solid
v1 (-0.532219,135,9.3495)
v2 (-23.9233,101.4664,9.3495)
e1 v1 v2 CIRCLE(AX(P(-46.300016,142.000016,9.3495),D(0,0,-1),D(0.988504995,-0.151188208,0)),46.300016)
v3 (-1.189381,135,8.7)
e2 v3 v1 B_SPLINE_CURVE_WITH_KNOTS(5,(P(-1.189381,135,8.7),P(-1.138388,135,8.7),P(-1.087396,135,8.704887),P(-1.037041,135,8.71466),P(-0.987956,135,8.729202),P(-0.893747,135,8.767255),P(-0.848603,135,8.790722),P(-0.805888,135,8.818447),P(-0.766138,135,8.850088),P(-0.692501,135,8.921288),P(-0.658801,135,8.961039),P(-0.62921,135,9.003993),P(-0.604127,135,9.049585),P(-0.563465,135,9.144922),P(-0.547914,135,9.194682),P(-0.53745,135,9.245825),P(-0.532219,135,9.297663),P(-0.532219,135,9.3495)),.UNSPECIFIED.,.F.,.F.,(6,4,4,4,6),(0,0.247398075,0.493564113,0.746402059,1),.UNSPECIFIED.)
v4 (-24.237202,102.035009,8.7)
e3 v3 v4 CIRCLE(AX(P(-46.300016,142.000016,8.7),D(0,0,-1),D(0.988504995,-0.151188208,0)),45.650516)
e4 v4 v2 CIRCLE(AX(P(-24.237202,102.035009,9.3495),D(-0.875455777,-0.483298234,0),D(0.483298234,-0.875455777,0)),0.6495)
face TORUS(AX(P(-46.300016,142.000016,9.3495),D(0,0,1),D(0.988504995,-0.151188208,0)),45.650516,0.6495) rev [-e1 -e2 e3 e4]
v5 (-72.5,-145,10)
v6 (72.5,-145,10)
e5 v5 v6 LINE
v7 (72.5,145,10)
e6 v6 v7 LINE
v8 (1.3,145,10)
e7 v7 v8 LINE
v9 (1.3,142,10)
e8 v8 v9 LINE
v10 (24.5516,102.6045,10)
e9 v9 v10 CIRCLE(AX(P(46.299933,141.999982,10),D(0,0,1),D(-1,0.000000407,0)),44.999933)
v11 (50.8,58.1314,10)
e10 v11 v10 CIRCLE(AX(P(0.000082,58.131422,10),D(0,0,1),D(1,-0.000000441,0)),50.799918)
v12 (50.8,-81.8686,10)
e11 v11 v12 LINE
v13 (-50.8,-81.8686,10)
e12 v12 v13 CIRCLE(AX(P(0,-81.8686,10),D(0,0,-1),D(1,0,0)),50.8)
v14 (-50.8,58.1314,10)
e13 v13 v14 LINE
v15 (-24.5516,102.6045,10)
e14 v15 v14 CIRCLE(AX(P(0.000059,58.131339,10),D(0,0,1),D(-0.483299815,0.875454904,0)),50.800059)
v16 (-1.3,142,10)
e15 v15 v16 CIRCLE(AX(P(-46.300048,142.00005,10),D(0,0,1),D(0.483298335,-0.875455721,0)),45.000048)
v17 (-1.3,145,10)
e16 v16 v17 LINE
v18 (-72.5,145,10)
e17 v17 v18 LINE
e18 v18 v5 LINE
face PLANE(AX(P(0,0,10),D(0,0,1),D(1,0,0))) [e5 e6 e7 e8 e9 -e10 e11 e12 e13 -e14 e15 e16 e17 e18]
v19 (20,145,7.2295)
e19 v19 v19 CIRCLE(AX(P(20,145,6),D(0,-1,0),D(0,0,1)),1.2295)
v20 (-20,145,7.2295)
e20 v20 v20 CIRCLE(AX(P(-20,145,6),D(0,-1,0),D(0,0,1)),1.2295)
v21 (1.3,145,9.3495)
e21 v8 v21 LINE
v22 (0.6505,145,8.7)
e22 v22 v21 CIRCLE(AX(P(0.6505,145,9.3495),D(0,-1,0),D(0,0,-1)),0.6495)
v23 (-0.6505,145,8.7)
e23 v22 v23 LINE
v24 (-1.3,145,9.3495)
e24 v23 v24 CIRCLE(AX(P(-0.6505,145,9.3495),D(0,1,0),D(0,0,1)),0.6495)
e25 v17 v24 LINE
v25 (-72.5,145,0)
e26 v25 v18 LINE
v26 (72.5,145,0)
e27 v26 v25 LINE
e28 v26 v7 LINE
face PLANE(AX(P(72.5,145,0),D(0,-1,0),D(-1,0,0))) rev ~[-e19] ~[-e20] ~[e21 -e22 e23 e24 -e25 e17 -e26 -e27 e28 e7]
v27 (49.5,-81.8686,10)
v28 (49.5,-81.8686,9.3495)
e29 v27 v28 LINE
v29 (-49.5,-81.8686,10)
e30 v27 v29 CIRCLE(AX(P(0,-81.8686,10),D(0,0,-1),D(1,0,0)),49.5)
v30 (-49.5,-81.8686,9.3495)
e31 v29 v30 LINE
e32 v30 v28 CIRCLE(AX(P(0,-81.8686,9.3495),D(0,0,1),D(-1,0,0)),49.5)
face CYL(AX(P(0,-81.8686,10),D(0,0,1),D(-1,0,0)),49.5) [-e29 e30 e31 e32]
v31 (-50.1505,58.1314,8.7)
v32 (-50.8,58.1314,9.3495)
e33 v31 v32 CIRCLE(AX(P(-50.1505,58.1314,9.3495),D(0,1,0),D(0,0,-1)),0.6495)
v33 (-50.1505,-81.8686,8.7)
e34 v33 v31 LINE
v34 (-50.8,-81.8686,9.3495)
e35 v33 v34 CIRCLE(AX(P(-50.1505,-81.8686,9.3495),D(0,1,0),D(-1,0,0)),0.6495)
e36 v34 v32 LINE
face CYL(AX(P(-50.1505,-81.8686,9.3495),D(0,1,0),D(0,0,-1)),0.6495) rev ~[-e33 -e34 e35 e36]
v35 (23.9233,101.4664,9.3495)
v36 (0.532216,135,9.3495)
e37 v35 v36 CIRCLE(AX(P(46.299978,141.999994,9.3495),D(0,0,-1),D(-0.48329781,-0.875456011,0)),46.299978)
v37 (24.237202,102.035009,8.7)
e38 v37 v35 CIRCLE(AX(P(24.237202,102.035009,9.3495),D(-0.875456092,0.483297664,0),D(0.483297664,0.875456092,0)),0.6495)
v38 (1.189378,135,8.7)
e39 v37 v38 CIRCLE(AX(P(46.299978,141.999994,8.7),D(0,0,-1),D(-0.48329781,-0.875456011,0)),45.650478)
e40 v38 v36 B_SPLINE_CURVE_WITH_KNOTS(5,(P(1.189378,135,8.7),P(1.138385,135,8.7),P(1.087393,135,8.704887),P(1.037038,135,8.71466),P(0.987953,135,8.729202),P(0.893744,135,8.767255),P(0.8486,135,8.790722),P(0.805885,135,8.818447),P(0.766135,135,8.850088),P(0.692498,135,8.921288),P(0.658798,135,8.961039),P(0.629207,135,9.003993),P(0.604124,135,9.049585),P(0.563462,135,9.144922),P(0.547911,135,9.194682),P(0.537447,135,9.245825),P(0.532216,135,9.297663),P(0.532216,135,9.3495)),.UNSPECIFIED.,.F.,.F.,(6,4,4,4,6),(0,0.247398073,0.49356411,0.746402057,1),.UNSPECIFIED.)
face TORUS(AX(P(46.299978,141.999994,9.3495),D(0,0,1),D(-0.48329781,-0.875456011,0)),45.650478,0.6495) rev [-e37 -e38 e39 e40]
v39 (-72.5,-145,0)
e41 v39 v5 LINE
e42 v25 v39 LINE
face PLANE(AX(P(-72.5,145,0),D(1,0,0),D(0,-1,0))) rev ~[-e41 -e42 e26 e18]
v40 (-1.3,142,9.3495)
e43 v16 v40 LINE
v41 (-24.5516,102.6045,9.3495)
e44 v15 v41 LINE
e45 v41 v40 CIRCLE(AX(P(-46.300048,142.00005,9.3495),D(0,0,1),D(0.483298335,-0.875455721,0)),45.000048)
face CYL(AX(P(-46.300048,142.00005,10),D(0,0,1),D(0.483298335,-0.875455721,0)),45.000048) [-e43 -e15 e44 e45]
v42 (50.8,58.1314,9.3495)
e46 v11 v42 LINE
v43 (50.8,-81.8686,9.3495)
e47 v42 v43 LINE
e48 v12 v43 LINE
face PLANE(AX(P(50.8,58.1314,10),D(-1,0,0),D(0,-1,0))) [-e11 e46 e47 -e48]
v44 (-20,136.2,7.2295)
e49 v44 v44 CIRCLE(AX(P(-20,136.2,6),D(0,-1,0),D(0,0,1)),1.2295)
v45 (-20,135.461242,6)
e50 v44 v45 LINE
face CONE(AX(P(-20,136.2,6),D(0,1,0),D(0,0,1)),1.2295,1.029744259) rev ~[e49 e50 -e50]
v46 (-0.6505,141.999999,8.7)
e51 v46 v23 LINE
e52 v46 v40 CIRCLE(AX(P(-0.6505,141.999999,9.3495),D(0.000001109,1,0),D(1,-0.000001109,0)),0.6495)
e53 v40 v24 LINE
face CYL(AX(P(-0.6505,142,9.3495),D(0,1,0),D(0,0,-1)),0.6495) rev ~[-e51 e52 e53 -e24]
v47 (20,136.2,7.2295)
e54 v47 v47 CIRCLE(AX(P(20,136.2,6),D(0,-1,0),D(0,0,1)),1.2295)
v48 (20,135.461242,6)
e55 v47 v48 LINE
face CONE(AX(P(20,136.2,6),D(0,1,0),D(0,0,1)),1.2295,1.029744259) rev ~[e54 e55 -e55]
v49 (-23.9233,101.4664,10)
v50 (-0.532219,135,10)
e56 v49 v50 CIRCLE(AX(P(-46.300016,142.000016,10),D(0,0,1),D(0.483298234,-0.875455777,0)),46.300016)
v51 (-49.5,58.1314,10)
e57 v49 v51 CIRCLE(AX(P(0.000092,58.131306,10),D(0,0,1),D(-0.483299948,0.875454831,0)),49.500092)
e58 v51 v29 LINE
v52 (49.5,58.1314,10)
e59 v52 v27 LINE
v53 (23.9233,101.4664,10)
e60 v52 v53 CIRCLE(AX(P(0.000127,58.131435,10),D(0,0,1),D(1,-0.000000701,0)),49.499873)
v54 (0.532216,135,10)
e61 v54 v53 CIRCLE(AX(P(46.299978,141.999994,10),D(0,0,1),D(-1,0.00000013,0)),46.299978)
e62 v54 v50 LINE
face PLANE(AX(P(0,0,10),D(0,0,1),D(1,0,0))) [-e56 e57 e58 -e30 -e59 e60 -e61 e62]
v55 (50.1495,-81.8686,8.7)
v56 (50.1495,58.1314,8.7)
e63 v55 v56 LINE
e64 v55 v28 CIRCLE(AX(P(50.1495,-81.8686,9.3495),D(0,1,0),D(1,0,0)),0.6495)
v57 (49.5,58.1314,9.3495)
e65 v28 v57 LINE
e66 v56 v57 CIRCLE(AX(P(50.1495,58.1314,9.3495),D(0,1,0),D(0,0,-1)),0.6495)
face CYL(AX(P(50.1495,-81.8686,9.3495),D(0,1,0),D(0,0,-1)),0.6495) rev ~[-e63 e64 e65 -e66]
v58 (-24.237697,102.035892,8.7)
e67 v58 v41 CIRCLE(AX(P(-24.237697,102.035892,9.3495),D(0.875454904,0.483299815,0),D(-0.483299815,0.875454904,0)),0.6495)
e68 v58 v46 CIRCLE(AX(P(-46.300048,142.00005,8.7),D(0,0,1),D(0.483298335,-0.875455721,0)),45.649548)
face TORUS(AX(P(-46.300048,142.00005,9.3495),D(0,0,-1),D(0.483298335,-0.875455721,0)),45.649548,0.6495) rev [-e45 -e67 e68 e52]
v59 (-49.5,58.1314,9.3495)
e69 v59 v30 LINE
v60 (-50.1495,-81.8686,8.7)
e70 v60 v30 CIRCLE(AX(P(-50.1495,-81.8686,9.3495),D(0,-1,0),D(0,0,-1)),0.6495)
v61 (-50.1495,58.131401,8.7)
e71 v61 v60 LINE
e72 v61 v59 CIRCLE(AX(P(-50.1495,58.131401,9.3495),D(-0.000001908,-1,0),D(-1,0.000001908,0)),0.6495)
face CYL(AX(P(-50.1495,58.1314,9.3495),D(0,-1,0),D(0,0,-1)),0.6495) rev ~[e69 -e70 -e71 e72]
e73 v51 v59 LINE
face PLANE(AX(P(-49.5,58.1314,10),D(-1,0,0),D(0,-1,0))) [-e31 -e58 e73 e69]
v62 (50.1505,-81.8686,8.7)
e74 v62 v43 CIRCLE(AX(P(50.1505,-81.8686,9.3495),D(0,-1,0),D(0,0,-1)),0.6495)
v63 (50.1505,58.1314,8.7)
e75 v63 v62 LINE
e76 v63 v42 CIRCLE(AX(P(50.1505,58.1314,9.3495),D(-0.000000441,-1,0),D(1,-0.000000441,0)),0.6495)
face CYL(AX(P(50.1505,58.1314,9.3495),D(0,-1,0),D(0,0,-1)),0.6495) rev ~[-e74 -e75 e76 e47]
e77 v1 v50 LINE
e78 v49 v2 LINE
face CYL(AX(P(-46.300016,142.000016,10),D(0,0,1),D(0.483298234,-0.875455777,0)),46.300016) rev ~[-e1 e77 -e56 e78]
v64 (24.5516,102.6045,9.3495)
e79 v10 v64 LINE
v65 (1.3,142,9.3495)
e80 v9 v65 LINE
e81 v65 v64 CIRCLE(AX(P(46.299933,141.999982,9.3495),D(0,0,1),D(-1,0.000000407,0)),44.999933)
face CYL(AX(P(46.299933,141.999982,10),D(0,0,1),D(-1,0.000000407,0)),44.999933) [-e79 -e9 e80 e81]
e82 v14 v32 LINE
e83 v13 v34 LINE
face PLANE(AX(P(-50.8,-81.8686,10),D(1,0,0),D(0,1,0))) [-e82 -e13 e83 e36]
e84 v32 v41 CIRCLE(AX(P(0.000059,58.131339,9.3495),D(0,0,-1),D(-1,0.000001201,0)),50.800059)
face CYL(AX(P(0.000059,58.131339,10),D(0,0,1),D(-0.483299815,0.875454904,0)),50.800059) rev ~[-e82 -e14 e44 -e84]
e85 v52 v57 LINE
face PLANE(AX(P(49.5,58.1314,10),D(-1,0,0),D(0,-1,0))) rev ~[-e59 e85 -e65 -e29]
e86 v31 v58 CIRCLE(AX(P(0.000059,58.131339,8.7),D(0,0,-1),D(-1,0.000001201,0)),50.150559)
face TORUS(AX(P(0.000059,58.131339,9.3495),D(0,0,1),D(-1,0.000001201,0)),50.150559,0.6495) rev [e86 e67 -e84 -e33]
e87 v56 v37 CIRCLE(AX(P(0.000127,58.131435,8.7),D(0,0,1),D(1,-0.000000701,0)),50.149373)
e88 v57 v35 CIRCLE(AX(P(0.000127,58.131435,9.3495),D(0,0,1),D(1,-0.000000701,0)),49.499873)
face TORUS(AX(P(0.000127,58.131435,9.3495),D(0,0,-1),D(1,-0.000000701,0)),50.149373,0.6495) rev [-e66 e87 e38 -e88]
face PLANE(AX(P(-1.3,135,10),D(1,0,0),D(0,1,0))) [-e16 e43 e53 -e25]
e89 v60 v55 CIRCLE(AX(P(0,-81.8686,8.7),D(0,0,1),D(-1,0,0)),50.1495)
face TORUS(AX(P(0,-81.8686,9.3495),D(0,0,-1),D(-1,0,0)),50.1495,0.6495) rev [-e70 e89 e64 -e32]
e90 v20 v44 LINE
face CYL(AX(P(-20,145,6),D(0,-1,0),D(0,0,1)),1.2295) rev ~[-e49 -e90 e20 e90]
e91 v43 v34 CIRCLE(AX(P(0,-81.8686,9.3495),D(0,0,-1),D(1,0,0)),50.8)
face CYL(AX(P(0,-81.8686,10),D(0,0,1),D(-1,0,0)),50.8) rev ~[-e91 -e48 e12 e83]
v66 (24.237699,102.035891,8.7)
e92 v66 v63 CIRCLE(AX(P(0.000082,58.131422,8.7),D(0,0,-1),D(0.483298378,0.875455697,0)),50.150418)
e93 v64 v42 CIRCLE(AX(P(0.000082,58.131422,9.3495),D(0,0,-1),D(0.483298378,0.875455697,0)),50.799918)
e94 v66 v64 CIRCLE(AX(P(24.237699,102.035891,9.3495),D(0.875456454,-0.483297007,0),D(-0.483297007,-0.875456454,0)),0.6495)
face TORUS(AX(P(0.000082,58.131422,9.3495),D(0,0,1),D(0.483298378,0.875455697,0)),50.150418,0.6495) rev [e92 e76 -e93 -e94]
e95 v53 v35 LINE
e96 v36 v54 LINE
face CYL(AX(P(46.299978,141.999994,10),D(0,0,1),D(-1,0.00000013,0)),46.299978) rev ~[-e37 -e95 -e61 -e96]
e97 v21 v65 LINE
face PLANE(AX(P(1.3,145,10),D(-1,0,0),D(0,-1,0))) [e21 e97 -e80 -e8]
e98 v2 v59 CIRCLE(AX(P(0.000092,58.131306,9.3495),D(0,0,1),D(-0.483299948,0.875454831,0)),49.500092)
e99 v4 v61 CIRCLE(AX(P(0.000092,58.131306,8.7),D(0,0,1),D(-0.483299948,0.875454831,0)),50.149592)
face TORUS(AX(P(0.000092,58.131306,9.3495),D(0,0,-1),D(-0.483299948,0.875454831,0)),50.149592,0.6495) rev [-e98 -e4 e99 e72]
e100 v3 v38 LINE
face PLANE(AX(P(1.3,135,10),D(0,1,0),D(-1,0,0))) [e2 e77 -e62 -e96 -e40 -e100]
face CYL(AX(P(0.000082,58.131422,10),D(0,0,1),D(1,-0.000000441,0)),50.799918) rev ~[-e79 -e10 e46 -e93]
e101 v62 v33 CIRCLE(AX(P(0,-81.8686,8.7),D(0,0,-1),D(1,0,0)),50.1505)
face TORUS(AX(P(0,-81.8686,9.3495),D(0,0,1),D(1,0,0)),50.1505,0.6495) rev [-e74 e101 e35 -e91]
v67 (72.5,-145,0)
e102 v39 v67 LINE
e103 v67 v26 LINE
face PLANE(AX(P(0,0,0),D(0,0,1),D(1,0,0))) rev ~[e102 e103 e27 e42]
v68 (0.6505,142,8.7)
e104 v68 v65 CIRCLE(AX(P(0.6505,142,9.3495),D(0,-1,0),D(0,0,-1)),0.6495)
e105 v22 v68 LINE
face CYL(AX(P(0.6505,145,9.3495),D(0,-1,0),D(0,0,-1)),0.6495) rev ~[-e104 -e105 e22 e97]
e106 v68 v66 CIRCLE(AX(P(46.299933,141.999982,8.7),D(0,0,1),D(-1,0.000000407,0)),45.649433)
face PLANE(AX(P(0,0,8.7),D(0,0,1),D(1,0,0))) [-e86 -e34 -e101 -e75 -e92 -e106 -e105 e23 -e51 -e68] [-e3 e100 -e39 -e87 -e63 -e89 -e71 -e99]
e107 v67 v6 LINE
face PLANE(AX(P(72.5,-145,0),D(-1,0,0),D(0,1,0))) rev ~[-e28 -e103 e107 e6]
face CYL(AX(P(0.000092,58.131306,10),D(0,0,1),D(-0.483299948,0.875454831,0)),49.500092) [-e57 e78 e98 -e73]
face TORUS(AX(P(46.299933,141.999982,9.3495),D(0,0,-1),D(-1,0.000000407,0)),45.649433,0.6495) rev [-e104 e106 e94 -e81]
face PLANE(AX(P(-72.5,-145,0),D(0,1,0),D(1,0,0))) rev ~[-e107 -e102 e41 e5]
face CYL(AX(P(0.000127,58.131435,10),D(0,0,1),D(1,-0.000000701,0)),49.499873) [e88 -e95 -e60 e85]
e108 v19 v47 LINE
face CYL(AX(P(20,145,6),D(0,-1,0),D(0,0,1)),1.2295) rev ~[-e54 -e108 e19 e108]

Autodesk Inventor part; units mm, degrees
ref_plane "YZ Plane" through (0, 0, 0) normal (1, 0, 0) x (0, 1, 0)
ref_plane "XZ Plane" through (0, 0, 0) normal (0, 1, 0) x (-1, 0, 0)
ref_plane "XY Plane" through (0, 0, 0) normal (0, 0, 1) x (1, 0, 0)
sketch "Sketch1" plane through (0, 0, 0) normal (0, 0, 1) x (1, 0, 0)
  line L0 (-72.5, -145) -> (72.5, -145)
  line L1 (72.5, -145) -> (72.5, 145)
  line L2 (72.5, 145) -> (-72.5, 145)
  line L3 (-72.5, 145) -> (-72.5, -145)
  line L4 (-72.5, -145) -> (72.5, 145) construction
  line L5 (72.5, -145) -> (-72.5, 145) construction
  point P0 (0, 0)
  dimension "d0" = 145
  dimension "d1" = 290
extrude "Extrusion1" add sketch "Sketch1" along normal blind 10
sketch "Sketch6" plane through (0, 0, 10) normal (0, 0, 1) x (1, 0, 0)
  line L0 (-72.5, -145) -> (72.5, -145) projected
  line L1 (72.5, -145) -> (72.5, 145) projected
  line L2 (72.5, 145) -> (-72.5, 145) projected
  line L3 (-72.5, 145) -> (-72.5, -145) projected
  arc A0 (-49.5, -81.8686) -> (49.5, -81.8686) centre (0, -81.8686) ccw
  line L4 (-49.5, 58.1314) -> (-49.5, -81.8686)
  line L5 (49.5, 58.1314) -> (49.5, -81.8686)
  line L6 (-72.5, 142) -> (72.5, 142)
  line L7 (72.5, -145) -> (72.5, 145) projected
  line L8 (-72.5, -145) -> (72.5, -145) projected
  line L9 (0, -145) -> (0, 145)
  line L10 (72.5, 145) -> (-72.5, 145) projected
  arc A1 (-24.5516, 102.6045) -> (-1.3, 142) centre (-46.3, 142) ccw
  arc A2 (1.3, 142) -> (24.5516, 102.6045) centre (46.3, 142) ccw
  line L11 (-50.8, -81.8686) -> (-50.8, 58.1314)
  line L12 (50.8, 58.1314) -> (50.8, -81.8686)
  arc A3 (-50.8, -81.8686) -> (50.8, -81.8686) centre (0, -81.8686) ccw
  arc A4 (-23.9233, 101.4664) -> (0, 142) centre (-46.3, 142) ccw
  arc A5 (0, 142) -> (23.9233, 101.4664) centre (46.3, 142) ccw
  arc A6 (50.8, 58.1314) -> (24.5516, 102.6045) centre (0, 58.1314) ccw
  arc A7 (-24.5516, 102.6045) -> (-50.8, 58.1314) centre (0, 58.1314) ccw
  arc A8 (49.5, 58.1314) -> (23.9233, 101.4664) centre (0, 58.1314) ccw
  arc A9 (-23.9233, 101.4664) -> (-49.5, 58.1314) centre (0, 58.1314) ccw
  point P0 (0, 0)
  dimension "d80" = 3
  dimension "d83" = 90
  dimension "d84" = 90
  dimension "d86" = 1.3
  dimension "d87" = 1.3
  dimension "d88" = 1.3
  dimension "d89" = 99
  dimension "d90" = 49.5
  dimension "d91" = 49.5
  dimension "d92" = 1.3
  dimension "d93" = 1.3
  dimension "d94" = 1.3
  dimension "d114" = 140
extrude "Extrusion12" cut sketch "Sketch6" against normal blind 1.3 contours A3 L11 A7 A1 L6 A4 A9 L4 A0 L9 | L9 A0 L5 A8 A5 L6 A2 A6 L12 A3
sketch "Sketch8" plane through (0, 0, 10) normal (0, 0, 1) x (1, 0, 0)
  line L0 (72.5, 145) -> (-72.5, 145) projected
  line L1 (72.5, -145) -> (72.5, 145) projected
  line L2 (-72.5, -145) -> (72.5, -145) projected
  line L3 (-72.5, 145) -> (-72.5, -145) projected
  line L4 (-1.3, 145) -> (1.3, 145)
  line L5 (1.3, 145) -> (1.3, 135)
  line L6 (1.3, 135) -> (-1.3, 135)
  line L7 (-1.3, 135) -> (-1.3, 145)
  point P0 (0, 0)
  dimension "d59" = 2.6
  dimension "d60" = 10
  dimension "d61" = 71.2
extrude "Extrusion10" cut sketch "Sketch8" against normal up to surface (1.3 mm away) contours L5 L6 L7 L0
sketch "Sketch9" plane through (-72.5, 145, 0) normal (0, 1, 0) x (1, 0, 0)
  line L0 (71.2, -8.7) -> (73.8, -8.7)
  line L1 (145, -10) -> (73.8, -10)
  line L2 (145, 0) -> (145, -10)
  line L3 (145, 0) -> (0, 0)
  line L4 (0, 0) -> (0, -10)
  line L5 (96.4233, -10) -> (73.0322, -10)
  line L6 (75.525, -10) -> (69.475, -10)
  line L7 (69.475, -10) -> (69.475, -5.67)
  line L8 (69.475, -5.67) -> (75.525, -5.67)
  line L9 (75.525, -5.67) -> (75.525, -10)
  line L10 (72.5, -5.67) -> (72.5, -10)
  line L11 (73.0322, -10) -> (71.9678, -10)
  line L12 (71.2, -10) -> (71.2, -8.7)
  line L13 (73.8, -8.7) -> (73.8, -10)
  line L14 (71.2, -10) -> (0, -10)
  point P0 (72.5, 0)
  point P1 (76.3, -7)
  dimension "d64" = 4.33
  dimension "d65" = 6.05
  dimension "d66" = 72.5
extrude "Extrusion14" [suppressed]
fillet "Fillet2" radius 0.65 14 edges at (-7.5464, 119.1273, 8.7) (-43.7485, 83.9521, 8.7) (-50.8, -11.8686, 8.7) (0, -132.6686, 8.7) (50.8, -11.8686, 8.7) (43.7485, 83.9521, 8.7) (7.5464, 119.1273, 8.7) (42.6289, 83.2913, 8.7) (49.5, -11.8686, 8.7) (0, -131.3686, 8.7) (-49.5, -11.8686, 8.7) (-42.6289, 83.2913, 8.7) (-8.3257, 115.5114, 8.7) (8.3257, 115.5114, 8.7)
sketch "Sketch12" plane through (-72.5, 145, 0) normal (0, 1, 0) x (1, 0, 0)
  line L0 (71.2, -10) -> (71.2, -9.35) projected
  arc A0 (71.85, -8.7) -> (71.2, -9.35) centre (71.85, -9.35) ccw projected
  line L1 (71.85, -8.7) -> (73.15, -8.7) projected
  arc A1 (73.8, -9.35) -> (73.15, -8.7) centre (73.15, -9.35) ccw projected
  line L2 (73.8, -9.35) -> (73.8, -10) projected
  line L3 (145, -10) -> (73.8, -10) projected
  line L4 (145, 0) -> (145, -10) projected
  line L5 (145, 0) -> (0, 0) projected
  line L6 (0, 0) -> (0, -10) projected
  line L7 (71.2, -10) -> (0, -10) projected
  line L8 (145, -10) -> (73.8, -10) projected
  line L9 (145, 0) -> (0, 0) projected
  line L10 (72.5, 0) -> (72.5, -6)
  line L11 (72.5, -6) -> (92.5, -6)
  line L12 (72.5, -6) -> (52.5, -6)
  dimension "d103" = 20
  dimension "d104" = 20
  dimension "d105" = 4
hole "Hole2" at (-20, 145, 6) at (20, 145, 6) direction (0, -1, 0) diameter 2.459 depth 8.8 tip angle 118 thread size "M3x0.5" class "6H" standard "ISO Metric profile"
equation "\"d0\" = ScintillatorWidth"
equation "\"d1\" = ScintillatorHeight"
equation "\"d2\" = ScintillatorThickness"
equation "\"d80\" = ScintillatorEdgeClearence"
equation "\"d83\" = LoopSmallTrackDiameter"
equation "\"d84\" = LoopSmallTrackDiameter"
equation "\"d86\" = OpticalFiberDiameter + 2 * OpticalFiberClearence"
equation "\"d87\" = OpticalFiberDiameter + 2 * OpticalFiberClearence"
equation "\"d88\" = OpticalFiberDiameter + 2 * OpticalFiberClearence"
equation "\"d92\" = OpticalFiberDiameter + 2 * OpticalFiberClearence"
equation "\"d93\" = OpticalFiberDiameter + 2 * OpticalFiberClearence"
equation "\"d94\" = OpticalFiberDiameter + 2 * OpticalFiberClearence"
equation "\"d95\" = OpticalFiberDiameter + 2 * OpticalFiberClearence"
equation "\"d59\" = 4 * OpticalFiberClearence + 2 * OpticalFiberDiameter"
equation "\"d61\" = 0.5 * ScintillatorWidth - 2 * OpticalFiberClearence - OpticalFiberDiameter"
equation "\"d62\" = ShallowTrackDepth"
equation "\"d65\" = MPPCWidth + 2 * MPPCClearence"
equation "\"d66\" = 0.5 * ScintillatorWidth"
equation "\"d99\" = MPPCDepth"
equation "\"d5\" = OpticalFiberDiameter + 2 * OpticalFiberClearence"
equation "\"d21\" = d5"
equation "\"d22\" = d5"
equation "\"OpticalFiberDiameter\" = 1"
equation "\"ScintillatorThickness\" = 10"
equation "\"OpticalFiberClearence\" = 0.15"
equation "\"SmallTrackDiameter\" = 175"
equation "\"ScintillatorEdgeClearence\" = 3"
equation "\"ScintillatorWidth\" = 145"
equation "\"ScintillatorHeight\" = 290"
equation "\"ShallowTrackDepth\" = 1.3"
equation "\"MPPCClearence\" = 0.075"
equation "\"MPPCSensorClearence\" = 1.45"
equation "\"MPPCSensorOffsett\" = 2.105"
equation "\"MPPCWidth\" = 5.9"
equation "\"MPPCHeight\" = 6.55"
equation "\"FiberEdgeOffsett\" = 5"
equation "\"MPPCDepth\" = 1"
equation "\"LongFiberAngle\" = 30deg"
equation "\"ShortFiberAngle\" = 78deg"
equation "\"LoopLargeTrackRatio\" = 1.1"
equation "\"LoopSmallTrackDiameter\" = 90"
equation "\"FiberSensorClerence\" = 0.5"
equation "\"MountingScrewDepth\" = 4"
properties part number "Scintillator Tile" material "ABS Plastic"
